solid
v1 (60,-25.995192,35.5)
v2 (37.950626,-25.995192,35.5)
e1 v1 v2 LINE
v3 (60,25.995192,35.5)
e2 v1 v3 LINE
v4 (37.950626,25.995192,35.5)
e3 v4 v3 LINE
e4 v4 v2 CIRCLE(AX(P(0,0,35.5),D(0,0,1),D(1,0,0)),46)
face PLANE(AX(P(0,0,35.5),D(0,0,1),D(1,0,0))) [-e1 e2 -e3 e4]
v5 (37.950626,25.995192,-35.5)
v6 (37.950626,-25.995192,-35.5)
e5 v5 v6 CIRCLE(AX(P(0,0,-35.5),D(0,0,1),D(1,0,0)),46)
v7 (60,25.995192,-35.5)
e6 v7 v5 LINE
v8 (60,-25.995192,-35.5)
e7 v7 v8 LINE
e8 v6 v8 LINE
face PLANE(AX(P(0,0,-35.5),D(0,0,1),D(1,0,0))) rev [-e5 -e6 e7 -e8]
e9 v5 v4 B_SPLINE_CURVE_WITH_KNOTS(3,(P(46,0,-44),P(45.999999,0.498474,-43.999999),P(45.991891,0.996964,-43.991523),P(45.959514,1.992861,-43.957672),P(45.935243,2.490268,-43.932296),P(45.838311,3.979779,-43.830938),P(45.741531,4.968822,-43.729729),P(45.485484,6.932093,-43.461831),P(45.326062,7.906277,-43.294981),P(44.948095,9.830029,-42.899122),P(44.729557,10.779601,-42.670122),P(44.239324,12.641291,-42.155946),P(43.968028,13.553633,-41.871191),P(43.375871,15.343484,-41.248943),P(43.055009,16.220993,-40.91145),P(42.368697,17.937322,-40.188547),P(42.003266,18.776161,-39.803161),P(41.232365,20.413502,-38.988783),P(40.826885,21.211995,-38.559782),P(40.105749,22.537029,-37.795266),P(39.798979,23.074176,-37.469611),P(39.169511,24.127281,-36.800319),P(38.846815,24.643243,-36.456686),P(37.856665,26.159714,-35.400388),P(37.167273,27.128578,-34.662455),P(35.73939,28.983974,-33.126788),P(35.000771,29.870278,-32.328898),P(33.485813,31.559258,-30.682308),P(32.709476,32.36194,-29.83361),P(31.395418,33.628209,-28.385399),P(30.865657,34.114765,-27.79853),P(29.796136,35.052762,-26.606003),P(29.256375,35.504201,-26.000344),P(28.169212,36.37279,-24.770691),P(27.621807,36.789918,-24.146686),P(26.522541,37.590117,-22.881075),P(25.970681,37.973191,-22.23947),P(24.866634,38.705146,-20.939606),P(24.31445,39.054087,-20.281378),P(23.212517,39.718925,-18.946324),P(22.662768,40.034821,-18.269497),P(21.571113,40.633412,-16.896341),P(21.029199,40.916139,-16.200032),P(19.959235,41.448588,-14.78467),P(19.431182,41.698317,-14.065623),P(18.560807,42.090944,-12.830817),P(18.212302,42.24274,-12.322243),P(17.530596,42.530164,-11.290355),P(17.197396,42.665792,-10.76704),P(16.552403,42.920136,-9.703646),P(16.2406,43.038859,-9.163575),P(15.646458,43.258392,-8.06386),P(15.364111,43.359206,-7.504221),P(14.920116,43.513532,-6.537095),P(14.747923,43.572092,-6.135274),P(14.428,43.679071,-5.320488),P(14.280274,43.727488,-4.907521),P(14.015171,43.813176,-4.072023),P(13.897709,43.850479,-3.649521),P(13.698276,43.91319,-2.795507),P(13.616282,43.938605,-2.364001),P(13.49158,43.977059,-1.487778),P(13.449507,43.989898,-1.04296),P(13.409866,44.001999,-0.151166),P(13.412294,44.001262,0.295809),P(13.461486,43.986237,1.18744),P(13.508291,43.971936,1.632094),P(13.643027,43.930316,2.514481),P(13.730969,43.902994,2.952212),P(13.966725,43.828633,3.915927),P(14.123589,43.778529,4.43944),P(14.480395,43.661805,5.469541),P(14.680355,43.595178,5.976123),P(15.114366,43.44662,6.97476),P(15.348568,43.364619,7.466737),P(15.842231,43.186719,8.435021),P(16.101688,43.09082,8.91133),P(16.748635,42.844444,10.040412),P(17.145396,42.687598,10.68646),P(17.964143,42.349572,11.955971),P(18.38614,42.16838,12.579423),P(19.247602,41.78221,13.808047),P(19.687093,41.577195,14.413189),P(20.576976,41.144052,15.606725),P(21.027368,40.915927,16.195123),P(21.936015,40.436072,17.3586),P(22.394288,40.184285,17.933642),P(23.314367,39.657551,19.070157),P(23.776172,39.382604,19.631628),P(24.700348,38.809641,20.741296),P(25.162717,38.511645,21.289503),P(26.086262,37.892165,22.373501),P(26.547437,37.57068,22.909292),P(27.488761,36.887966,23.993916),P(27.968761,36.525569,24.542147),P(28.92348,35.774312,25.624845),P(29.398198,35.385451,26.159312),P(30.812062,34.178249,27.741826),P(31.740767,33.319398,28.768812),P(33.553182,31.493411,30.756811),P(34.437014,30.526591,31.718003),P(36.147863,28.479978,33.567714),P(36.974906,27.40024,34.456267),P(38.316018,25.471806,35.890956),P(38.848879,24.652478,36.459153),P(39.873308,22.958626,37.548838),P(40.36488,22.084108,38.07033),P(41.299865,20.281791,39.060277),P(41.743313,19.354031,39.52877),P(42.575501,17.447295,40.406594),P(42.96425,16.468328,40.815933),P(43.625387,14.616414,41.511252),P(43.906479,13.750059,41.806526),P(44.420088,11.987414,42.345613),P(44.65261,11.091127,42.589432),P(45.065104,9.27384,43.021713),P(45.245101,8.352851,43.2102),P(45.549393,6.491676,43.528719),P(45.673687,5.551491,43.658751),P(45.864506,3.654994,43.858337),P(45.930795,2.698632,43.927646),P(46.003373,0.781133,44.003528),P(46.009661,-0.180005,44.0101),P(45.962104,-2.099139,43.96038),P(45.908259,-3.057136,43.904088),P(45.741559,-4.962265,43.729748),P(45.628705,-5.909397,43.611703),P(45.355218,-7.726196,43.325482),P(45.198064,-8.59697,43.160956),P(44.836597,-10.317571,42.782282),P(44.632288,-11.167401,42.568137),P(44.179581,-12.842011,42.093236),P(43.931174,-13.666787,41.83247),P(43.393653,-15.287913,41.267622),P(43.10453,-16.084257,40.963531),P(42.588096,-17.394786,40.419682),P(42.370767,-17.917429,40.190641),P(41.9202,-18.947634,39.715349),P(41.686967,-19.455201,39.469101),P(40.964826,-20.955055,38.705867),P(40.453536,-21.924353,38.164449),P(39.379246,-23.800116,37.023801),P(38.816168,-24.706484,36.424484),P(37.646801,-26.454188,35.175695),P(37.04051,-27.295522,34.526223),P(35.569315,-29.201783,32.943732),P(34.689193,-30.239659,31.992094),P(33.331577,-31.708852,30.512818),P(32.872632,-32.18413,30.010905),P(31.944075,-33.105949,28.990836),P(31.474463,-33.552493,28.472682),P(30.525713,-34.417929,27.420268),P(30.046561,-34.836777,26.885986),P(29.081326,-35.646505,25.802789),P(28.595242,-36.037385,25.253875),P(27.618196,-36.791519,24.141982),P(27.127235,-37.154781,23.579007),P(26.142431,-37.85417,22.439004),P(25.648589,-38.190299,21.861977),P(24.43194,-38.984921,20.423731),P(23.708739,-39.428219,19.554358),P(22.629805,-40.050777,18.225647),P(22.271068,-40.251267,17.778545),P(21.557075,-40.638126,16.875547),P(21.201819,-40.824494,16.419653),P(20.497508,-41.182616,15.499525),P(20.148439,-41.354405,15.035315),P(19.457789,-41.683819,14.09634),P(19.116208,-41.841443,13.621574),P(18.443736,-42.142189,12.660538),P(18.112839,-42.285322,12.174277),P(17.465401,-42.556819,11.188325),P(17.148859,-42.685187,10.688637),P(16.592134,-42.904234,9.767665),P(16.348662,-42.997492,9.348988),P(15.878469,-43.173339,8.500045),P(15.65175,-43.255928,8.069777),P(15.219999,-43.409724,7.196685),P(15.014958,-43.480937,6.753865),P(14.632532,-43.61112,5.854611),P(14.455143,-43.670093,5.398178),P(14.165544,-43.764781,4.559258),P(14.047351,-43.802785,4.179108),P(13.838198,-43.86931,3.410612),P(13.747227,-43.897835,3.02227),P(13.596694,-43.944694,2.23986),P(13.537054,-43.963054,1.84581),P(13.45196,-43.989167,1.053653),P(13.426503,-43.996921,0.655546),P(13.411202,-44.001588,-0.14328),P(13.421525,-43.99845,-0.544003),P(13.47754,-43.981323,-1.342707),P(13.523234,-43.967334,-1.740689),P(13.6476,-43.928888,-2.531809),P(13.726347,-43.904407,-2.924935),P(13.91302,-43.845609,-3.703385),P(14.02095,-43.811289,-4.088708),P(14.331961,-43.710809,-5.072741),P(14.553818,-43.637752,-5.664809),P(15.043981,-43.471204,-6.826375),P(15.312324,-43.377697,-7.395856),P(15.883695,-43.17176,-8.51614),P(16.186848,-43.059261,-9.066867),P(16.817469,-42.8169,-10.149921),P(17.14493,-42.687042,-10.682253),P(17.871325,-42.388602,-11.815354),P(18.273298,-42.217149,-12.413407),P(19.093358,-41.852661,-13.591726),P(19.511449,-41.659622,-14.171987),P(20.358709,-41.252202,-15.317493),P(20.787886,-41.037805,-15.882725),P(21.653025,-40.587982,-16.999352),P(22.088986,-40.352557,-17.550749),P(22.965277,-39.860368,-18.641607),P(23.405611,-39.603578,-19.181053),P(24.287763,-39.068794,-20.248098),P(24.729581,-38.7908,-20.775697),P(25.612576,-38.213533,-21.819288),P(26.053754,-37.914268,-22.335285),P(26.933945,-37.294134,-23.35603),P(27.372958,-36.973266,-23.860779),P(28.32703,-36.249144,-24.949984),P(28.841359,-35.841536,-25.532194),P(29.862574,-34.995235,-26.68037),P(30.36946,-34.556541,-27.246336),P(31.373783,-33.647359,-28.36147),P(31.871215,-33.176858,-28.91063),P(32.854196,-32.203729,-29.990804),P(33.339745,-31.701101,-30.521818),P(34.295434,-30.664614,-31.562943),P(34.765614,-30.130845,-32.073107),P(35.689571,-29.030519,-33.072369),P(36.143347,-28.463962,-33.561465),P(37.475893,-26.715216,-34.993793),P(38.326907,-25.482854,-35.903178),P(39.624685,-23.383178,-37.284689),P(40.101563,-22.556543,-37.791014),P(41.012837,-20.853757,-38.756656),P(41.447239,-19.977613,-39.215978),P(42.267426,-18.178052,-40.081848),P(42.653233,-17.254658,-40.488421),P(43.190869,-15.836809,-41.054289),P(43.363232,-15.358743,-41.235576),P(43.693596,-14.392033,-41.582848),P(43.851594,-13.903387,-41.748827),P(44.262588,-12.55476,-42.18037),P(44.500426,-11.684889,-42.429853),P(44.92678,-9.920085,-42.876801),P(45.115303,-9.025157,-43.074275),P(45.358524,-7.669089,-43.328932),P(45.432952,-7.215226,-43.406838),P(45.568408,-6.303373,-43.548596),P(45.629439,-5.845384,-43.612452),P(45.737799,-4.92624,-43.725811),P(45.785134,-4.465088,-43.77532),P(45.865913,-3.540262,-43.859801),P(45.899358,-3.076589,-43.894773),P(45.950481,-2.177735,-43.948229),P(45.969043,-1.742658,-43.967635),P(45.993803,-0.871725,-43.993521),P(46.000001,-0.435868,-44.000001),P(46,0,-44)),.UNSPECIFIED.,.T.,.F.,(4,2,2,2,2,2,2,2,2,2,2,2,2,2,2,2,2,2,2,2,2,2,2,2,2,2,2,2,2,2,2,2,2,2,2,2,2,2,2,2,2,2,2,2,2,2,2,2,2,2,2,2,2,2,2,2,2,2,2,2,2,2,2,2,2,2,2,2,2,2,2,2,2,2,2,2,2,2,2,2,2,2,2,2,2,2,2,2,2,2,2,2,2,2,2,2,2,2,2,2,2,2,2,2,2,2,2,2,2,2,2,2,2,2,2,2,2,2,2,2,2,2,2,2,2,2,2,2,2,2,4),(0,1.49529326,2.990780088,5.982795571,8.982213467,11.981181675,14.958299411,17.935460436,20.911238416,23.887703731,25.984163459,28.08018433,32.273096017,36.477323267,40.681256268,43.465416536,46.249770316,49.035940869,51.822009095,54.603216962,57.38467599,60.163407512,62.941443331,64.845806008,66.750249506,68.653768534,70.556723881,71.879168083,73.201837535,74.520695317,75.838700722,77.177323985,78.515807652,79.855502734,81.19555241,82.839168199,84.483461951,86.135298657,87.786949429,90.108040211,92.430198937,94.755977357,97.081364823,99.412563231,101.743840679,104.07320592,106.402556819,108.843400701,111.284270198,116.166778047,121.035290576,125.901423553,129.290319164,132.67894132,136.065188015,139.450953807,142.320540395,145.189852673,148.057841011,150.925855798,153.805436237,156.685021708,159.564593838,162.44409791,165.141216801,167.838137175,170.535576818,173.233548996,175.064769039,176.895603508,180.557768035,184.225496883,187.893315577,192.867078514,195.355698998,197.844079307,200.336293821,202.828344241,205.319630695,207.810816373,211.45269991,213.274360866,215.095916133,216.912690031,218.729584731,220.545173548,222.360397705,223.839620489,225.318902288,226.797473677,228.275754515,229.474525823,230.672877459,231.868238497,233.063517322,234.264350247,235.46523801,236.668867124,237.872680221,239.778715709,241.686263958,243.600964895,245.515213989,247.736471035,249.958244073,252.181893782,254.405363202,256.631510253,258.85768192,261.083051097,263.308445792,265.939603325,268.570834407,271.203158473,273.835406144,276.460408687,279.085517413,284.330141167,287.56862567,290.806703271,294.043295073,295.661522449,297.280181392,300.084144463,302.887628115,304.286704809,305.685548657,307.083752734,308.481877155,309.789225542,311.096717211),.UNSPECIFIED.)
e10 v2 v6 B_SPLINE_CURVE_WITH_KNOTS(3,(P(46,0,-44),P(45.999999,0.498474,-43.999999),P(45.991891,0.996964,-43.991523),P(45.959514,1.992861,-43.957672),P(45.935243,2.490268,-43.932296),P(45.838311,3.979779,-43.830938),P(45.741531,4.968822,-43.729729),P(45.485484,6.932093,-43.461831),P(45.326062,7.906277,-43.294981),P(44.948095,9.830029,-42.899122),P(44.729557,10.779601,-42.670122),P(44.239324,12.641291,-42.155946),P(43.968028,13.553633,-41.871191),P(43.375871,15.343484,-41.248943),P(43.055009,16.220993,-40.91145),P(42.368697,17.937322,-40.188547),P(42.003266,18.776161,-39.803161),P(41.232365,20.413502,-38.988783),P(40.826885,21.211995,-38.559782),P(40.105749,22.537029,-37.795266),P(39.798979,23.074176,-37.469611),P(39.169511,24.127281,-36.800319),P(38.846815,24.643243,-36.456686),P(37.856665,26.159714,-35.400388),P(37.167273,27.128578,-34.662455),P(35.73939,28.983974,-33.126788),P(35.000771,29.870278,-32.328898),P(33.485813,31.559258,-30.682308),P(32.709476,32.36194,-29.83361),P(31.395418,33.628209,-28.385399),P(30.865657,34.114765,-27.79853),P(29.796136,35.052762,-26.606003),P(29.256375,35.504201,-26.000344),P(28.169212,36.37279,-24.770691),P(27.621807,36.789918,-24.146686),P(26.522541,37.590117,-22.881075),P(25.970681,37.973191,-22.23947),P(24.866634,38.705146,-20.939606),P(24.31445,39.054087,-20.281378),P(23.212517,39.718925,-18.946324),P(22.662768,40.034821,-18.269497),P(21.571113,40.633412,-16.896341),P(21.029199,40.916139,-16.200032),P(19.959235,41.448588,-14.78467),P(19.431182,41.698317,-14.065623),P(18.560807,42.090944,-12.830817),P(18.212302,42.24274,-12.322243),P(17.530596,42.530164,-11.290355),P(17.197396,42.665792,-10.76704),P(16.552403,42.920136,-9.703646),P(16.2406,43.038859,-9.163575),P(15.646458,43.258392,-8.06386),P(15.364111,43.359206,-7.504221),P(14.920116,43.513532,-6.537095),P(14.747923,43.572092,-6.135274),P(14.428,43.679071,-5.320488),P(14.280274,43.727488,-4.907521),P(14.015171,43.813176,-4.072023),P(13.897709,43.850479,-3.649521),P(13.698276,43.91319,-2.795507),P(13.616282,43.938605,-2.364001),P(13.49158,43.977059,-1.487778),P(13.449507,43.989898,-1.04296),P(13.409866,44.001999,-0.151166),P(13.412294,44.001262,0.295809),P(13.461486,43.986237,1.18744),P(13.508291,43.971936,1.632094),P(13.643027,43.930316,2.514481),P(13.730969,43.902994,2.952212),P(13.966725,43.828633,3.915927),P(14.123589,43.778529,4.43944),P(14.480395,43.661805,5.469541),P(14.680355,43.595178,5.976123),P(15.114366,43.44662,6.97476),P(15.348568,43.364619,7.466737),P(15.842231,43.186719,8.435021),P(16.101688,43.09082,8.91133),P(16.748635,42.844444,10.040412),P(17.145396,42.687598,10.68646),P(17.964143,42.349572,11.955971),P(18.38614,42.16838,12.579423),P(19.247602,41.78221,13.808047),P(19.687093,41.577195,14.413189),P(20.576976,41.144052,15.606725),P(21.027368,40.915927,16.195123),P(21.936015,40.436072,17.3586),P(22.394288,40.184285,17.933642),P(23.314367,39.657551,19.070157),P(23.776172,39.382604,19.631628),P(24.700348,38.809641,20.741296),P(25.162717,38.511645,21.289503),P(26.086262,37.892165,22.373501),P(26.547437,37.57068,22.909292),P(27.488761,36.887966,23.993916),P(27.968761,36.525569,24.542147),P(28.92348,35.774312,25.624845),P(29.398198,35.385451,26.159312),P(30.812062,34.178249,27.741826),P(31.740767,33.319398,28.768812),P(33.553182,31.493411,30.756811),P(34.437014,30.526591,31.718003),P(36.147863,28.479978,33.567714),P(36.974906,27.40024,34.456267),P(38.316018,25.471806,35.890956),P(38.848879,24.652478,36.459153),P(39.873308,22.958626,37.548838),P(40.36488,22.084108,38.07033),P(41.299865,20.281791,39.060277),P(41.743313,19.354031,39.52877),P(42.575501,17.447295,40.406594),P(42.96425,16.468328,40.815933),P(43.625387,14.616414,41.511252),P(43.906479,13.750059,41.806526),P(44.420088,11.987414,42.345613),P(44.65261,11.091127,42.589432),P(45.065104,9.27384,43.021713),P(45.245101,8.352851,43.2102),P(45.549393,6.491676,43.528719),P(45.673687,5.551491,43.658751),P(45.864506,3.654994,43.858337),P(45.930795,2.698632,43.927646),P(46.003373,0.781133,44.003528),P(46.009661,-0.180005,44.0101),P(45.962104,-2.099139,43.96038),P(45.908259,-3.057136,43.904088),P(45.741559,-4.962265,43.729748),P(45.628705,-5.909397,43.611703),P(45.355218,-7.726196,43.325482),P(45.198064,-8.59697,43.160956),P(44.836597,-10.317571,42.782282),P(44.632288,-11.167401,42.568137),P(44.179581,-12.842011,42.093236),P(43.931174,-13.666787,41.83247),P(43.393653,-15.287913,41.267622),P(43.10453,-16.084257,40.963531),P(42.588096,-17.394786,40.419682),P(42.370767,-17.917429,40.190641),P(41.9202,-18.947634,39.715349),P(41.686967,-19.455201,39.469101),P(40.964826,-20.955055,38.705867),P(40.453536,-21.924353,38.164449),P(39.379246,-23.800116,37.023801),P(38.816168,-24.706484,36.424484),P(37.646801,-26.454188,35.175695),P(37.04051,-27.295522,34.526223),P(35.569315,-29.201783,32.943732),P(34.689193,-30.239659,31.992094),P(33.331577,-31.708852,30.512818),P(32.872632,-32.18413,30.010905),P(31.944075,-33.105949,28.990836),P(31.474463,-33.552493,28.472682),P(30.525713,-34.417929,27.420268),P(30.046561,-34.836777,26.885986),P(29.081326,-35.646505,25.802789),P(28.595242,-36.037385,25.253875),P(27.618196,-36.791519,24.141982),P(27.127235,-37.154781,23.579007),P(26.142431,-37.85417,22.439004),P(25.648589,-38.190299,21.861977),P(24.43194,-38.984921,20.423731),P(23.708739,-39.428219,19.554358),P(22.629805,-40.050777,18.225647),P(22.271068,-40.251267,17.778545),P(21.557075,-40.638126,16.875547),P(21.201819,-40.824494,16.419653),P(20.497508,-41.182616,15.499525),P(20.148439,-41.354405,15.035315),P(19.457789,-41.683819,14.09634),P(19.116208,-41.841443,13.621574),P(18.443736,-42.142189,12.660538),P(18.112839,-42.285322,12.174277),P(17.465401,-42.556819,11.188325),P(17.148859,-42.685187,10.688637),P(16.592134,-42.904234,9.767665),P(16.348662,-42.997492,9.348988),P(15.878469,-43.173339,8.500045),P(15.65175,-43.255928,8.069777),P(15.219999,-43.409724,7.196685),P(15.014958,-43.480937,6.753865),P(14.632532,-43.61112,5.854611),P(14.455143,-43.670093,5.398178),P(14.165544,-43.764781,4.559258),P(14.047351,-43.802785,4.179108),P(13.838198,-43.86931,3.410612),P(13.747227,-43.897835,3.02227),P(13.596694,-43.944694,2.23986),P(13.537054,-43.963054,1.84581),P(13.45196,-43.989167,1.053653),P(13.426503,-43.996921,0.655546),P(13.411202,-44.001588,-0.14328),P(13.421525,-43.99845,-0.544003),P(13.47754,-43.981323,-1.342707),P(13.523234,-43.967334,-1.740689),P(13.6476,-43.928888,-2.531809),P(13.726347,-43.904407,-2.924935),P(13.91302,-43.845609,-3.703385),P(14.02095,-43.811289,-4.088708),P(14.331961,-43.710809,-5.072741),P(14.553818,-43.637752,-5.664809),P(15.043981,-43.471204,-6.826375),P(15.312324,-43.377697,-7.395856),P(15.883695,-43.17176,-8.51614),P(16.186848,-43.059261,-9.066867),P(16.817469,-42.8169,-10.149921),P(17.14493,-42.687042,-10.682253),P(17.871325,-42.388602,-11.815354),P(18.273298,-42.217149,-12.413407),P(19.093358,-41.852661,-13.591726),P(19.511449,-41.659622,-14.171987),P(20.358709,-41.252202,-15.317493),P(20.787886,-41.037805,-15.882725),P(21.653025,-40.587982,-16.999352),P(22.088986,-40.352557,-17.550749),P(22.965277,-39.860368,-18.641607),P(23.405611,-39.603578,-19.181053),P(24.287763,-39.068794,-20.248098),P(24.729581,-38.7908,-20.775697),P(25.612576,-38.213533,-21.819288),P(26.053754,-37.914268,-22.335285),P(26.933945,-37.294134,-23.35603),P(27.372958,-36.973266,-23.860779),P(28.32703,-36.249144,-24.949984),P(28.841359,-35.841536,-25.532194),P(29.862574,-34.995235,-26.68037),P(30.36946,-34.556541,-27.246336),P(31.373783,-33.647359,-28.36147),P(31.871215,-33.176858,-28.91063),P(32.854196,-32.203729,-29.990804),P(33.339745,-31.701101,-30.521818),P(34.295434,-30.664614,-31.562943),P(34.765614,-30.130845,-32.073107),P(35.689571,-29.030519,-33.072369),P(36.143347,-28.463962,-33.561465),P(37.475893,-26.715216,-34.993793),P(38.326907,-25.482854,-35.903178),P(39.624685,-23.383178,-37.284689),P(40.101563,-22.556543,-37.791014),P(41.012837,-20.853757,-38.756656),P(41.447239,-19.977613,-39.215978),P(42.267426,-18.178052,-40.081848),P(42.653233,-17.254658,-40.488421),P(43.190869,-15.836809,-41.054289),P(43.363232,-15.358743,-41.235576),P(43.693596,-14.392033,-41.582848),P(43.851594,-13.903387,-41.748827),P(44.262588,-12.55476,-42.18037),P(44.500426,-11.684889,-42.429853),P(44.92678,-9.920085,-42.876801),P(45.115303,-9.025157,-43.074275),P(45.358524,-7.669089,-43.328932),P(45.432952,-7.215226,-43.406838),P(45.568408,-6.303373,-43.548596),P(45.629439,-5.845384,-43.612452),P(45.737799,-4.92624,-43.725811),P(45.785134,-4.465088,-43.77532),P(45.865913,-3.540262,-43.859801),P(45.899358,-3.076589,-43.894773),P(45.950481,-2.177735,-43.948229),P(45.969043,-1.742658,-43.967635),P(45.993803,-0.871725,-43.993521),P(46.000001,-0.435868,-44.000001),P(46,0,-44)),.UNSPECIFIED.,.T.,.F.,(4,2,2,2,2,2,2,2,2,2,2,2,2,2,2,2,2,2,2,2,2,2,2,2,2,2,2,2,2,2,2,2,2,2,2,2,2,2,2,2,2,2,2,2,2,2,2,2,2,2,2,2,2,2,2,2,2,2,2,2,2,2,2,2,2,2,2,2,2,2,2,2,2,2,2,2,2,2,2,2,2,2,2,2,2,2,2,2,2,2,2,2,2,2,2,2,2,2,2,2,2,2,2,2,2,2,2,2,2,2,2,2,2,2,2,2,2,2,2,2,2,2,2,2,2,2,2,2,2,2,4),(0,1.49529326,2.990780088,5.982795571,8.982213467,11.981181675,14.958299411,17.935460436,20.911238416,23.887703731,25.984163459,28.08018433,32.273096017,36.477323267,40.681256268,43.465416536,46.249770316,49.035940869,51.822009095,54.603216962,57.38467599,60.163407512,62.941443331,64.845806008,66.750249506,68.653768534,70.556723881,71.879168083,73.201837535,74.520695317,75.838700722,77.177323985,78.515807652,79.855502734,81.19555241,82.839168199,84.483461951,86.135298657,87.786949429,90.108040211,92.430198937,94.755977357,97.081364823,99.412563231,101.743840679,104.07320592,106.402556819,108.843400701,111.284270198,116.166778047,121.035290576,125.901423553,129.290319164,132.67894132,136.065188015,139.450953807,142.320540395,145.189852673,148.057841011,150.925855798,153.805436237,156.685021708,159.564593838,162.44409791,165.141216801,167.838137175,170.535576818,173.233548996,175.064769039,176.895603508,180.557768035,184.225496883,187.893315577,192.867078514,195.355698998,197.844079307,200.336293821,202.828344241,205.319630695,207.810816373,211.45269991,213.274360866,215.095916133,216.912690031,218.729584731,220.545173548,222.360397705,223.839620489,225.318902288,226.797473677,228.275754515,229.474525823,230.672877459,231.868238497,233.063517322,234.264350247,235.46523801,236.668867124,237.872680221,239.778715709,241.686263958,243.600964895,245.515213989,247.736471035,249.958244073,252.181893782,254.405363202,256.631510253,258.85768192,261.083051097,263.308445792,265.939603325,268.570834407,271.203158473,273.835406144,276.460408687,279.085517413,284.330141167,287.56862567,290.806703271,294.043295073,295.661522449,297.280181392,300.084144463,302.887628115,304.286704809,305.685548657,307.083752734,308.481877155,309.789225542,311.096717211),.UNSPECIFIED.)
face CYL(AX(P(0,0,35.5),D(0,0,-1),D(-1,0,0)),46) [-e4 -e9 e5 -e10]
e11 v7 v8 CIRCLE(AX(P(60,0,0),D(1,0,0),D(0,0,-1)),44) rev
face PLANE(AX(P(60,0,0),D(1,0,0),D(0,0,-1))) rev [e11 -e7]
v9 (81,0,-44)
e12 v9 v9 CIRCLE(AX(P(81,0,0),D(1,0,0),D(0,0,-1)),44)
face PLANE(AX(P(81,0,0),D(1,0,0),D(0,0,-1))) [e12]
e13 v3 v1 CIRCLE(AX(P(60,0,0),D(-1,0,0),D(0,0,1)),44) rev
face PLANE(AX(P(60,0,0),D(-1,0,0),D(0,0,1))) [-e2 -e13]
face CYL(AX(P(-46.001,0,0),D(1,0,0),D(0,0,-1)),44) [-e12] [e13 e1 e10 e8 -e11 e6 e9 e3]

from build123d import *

# Parameters (mm, degrees)
SKETCH_1_R           = 46
EXTRUDE_1_DEPTH      = 35.5
EXTRUDE_2_REACH      = 141.661
EXTRUDE_2_END_RADIUS = 46
SKETCH_2_R           = 44
SKETCH_3_W           = 10.337073316
SKETCH_3_H           = 61.617049376
SKETCH_3_W_2         = 11.195847523
CUT_EXTRUDE_1_DEPTH  = 60


with BuildPart() as part:
    # 草图1 → 凸台-拉伸1 (new, symmetric)
    with BuildSketch(Plane.XY):
        Circle(SKETCH_1_R)
    extrude(amount=EXTRUDE_1_DEPTH, both=True)

    # 凸台-拉伸2: up to this cylinder (the profile starts outside it)
    extrude_2_end = Plane(origin=(0, 0, 0), z_dir=(0, 0, -1)) * Cylinder(EXTRUDE_2_END_RADIUS, 376.322, mode=Mode.PRIVATE)
    # 草图2 → 凸台-拉伸2 (add, up to the surface)
    with BuildSketch(Plane(origin=(81, 0, 0), x_dir=(0, 0, -1), z_dir=(1, 0, 0)), mode=Mode.PRIVATE) as extrude_2_sk1:
        Circle(SKETCH_2_R)
    extrude_2_tool1 = extrude(extrude_2_sk1.sketch, amount=-EXTRUDE_2_REACH, mode=Mode.PRIVATE) - extrude_2_end
    add(extrude_2_tool1.solids().sort_by_distance((81, 0, 0))[0])

    # 草图3 → 切除-拉伸1 (cut)
    with BuildSketch(Plane(origin=(0, 0, 0), x_dir=(0, 0, -1), z_dir=(1, 0, 0))):
        with Locations((-40.668536658, 1.610201639)):
            Rectangle(SKETCH_3_W, SKETCH_3_H)
        with Locations((41.097923761, 1.610201639)):
            Rectangle(SKETCH_3_W_2, SKETCH_3_H)
    extrude(amount=CUT_EXTRUDE_1_DEPTH, mode=Mode.SUBTRACT)


solid = part.part
